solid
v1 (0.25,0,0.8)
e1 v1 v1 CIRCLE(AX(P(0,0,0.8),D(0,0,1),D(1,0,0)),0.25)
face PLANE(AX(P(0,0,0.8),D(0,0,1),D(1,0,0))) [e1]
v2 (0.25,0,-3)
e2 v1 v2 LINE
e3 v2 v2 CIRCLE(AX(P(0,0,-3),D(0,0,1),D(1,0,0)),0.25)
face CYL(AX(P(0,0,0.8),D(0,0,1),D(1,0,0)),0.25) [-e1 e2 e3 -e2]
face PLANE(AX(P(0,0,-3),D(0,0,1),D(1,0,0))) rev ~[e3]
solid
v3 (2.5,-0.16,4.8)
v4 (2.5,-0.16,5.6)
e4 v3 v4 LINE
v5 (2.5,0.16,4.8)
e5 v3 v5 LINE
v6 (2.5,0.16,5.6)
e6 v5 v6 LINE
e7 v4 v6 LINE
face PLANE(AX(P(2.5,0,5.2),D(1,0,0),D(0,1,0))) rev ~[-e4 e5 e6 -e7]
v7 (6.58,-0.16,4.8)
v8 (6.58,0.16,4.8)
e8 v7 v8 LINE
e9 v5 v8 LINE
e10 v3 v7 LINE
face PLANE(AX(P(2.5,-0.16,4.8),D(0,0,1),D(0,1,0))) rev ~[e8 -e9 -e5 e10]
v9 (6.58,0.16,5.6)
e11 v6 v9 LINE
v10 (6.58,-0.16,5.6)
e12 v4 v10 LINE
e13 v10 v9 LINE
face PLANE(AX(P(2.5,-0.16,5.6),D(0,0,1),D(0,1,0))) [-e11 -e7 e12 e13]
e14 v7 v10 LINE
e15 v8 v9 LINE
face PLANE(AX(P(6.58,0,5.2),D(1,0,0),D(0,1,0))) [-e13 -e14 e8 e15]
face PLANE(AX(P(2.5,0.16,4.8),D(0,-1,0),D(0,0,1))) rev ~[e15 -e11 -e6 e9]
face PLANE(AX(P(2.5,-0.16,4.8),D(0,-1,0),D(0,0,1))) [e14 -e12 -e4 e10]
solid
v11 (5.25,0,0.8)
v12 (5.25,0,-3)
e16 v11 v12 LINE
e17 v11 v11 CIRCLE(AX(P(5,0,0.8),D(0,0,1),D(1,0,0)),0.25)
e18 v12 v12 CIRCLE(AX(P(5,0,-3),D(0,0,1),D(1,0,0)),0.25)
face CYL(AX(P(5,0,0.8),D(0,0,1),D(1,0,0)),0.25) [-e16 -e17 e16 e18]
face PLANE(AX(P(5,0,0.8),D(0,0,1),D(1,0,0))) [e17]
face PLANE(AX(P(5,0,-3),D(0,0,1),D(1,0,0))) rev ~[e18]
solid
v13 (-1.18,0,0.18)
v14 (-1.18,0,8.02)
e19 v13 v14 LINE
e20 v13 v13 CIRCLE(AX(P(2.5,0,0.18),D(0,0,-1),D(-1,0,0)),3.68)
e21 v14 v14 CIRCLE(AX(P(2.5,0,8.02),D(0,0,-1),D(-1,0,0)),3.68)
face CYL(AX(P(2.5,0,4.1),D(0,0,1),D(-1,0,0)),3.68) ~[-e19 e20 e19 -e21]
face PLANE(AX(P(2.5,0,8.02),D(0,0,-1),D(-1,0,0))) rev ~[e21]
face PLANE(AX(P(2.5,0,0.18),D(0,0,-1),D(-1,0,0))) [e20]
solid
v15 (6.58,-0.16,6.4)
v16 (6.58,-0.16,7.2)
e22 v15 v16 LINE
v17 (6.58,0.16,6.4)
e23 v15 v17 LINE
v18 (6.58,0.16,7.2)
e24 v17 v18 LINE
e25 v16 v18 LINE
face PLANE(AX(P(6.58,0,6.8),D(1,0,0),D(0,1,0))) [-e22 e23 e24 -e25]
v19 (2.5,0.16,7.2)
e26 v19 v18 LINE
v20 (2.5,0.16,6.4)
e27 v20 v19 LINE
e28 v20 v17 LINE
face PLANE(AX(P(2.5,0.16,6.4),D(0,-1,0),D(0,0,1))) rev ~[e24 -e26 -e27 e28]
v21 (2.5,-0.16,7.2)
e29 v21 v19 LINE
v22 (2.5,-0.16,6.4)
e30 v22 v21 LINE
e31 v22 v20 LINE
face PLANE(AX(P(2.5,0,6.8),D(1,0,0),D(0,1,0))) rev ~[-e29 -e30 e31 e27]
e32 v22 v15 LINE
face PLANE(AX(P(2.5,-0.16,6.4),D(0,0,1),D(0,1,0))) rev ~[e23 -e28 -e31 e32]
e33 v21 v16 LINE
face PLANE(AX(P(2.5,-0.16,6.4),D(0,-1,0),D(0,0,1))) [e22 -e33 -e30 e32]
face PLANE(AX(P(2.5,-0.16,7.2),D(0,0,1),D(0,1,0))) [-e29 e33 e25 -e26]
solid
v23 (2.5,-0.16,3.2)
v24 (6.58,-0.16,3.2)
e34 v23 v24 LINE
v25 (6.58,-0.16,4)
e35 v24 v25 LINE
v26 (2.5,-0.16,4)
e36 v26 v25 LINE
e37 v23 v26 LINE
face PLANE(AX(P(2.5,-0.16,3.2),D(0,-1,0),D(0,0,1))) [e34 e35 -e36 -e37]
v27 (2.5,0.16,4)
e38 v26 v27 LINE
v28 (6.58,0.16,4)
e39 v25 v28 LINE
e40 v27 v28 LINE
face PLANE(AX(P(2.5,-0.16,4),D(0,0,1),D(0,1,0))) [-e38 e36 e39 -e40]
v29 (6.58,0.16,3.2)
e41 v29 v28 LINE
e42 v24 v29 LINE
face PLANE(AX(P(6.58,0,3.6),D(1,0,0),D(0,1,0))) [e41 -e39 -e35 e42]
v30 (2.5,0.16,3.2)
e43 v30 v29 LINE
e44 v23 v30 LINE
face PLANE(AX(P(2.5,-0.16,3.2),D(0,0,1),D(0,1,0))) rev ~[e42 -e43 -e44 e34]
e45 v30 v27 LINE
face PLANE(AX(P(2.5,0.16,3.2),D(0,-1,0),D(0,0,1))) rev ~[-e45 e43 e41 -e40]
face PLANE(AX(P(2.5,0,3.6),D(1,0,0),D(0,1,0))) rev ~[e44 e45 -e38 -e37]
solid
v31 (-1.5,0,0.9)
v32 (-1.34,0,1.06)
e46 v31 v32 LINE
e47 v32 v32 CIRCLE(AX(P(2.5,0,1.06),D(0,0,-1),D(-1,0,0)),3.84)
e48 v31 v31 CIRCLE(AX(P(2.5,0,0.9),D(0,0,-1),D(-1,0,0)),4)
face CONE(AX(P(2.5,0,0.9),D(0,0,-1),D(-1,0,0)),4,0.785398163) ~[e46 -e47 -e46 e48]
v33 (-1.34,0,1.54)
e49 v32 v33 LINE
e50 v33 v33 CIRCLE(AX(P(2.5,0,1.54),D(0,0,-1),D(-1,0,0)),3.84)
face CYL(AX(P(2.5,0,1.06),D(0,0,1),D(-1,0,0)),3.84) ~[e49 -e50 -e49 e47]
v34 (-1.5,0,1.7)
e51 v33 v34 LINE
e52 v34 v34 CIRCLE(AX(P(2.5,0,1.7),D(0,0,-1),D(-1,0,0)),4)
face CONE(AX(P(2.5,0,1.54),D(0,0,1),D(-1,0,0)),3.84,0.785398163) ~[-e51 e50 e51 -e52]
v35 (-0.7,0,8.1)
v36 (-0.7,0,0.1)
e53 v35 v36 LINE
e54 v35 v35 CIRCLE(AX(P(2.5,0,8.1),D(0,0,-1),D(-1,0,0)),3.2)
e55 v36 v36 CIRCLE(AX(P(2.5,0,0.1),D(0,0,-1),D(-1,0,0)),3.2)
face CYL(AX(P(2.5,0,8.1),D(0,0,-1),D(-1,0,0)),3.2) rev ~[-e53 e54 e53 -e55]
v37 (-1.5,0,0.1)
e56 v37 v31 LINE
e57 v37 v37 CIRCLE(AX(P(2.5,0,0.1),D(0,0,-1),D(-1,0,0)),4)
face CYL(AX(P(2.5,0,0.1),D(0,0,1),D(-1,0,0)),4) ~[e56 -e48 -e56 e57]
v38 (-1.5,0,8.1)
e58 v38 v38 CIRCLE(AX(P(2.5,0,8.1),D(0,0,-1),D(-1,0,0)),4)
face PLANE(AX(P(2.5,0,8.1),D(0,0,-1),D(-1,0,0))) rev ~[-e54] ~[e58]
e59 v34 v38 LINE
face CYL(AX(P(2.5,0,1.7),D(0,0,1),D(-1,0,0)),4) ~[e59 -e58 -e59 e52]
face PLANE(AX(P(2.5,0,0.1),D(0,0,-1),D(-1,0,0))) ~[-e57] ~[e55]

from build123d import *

# Parameters (mm, degrees)
SKETCH002_W  = 3.68
SKETCH002_H  = 7.84
SKETCH003_R  = 0.25
PAD_DEPTH    = 3.8
SKETCH004_W  = 0.32
SKETCH004_H  = 0.8
PAD001_DEPTH = 4.08


with BuildPart() as revolution:
    # Sketch → Revolution (revolve)
    with BuildSketch(Plane.XZ):
        Polygon((-1.5, 0.1), (-1.5, 0.9), (-1.34, 1.06), (-1.34, 1.54), (-1.5, 1.7), (-1.5, 8.1), (-0.7, 8.1), (-0.7, 0.1), align=None)
    revolve(axis=Axis((2.5, 0, 7.548619), (0, 0, -1)))


with BuildPart() as revolution001:
    # Sketch002 → Revolution001 (revolve)
    with BuildSketch(Plane.XZ):
        with Locations((0.66, 4.1)):
            Rectangle(SKETCH002_W, SKETCH002_H)
    revolve(axis=Axis((2.5, 0, 4.680116), (0, 0, -1)))


with BuildPart() as pad:
    # Sketch003 → Pad (new body)
    with BuildSketch(Plane.XY.offset(0.8)):
        Circle(SKETCH003_R)
        with Locations((5, 0)):
            Circle(SKETCH003_R)
    extrude(amount=-PAD_DEPTH)


with BuildPart() as pad001:
    # Sketch004 → Pad001 (new body)
    with BuildSketch(Plane.YZ.offset(2.5)):
        with Locations((0, 3.6)):
            Rectangle(SKETCH004_W, SKETCH004_H)
        with Locations((0, 5.2)):
            Rectangle(SKETCH004_W, SKETCH004_H)
        with Locations((0, 6.8)):
            Rectangle(SKETCH004_W, SKETCH004_H)
    extrude(amount=PAD001_DEPTH)


solid = Compound([revolution.part, revolution001.part, pad.part, pad001.part])
